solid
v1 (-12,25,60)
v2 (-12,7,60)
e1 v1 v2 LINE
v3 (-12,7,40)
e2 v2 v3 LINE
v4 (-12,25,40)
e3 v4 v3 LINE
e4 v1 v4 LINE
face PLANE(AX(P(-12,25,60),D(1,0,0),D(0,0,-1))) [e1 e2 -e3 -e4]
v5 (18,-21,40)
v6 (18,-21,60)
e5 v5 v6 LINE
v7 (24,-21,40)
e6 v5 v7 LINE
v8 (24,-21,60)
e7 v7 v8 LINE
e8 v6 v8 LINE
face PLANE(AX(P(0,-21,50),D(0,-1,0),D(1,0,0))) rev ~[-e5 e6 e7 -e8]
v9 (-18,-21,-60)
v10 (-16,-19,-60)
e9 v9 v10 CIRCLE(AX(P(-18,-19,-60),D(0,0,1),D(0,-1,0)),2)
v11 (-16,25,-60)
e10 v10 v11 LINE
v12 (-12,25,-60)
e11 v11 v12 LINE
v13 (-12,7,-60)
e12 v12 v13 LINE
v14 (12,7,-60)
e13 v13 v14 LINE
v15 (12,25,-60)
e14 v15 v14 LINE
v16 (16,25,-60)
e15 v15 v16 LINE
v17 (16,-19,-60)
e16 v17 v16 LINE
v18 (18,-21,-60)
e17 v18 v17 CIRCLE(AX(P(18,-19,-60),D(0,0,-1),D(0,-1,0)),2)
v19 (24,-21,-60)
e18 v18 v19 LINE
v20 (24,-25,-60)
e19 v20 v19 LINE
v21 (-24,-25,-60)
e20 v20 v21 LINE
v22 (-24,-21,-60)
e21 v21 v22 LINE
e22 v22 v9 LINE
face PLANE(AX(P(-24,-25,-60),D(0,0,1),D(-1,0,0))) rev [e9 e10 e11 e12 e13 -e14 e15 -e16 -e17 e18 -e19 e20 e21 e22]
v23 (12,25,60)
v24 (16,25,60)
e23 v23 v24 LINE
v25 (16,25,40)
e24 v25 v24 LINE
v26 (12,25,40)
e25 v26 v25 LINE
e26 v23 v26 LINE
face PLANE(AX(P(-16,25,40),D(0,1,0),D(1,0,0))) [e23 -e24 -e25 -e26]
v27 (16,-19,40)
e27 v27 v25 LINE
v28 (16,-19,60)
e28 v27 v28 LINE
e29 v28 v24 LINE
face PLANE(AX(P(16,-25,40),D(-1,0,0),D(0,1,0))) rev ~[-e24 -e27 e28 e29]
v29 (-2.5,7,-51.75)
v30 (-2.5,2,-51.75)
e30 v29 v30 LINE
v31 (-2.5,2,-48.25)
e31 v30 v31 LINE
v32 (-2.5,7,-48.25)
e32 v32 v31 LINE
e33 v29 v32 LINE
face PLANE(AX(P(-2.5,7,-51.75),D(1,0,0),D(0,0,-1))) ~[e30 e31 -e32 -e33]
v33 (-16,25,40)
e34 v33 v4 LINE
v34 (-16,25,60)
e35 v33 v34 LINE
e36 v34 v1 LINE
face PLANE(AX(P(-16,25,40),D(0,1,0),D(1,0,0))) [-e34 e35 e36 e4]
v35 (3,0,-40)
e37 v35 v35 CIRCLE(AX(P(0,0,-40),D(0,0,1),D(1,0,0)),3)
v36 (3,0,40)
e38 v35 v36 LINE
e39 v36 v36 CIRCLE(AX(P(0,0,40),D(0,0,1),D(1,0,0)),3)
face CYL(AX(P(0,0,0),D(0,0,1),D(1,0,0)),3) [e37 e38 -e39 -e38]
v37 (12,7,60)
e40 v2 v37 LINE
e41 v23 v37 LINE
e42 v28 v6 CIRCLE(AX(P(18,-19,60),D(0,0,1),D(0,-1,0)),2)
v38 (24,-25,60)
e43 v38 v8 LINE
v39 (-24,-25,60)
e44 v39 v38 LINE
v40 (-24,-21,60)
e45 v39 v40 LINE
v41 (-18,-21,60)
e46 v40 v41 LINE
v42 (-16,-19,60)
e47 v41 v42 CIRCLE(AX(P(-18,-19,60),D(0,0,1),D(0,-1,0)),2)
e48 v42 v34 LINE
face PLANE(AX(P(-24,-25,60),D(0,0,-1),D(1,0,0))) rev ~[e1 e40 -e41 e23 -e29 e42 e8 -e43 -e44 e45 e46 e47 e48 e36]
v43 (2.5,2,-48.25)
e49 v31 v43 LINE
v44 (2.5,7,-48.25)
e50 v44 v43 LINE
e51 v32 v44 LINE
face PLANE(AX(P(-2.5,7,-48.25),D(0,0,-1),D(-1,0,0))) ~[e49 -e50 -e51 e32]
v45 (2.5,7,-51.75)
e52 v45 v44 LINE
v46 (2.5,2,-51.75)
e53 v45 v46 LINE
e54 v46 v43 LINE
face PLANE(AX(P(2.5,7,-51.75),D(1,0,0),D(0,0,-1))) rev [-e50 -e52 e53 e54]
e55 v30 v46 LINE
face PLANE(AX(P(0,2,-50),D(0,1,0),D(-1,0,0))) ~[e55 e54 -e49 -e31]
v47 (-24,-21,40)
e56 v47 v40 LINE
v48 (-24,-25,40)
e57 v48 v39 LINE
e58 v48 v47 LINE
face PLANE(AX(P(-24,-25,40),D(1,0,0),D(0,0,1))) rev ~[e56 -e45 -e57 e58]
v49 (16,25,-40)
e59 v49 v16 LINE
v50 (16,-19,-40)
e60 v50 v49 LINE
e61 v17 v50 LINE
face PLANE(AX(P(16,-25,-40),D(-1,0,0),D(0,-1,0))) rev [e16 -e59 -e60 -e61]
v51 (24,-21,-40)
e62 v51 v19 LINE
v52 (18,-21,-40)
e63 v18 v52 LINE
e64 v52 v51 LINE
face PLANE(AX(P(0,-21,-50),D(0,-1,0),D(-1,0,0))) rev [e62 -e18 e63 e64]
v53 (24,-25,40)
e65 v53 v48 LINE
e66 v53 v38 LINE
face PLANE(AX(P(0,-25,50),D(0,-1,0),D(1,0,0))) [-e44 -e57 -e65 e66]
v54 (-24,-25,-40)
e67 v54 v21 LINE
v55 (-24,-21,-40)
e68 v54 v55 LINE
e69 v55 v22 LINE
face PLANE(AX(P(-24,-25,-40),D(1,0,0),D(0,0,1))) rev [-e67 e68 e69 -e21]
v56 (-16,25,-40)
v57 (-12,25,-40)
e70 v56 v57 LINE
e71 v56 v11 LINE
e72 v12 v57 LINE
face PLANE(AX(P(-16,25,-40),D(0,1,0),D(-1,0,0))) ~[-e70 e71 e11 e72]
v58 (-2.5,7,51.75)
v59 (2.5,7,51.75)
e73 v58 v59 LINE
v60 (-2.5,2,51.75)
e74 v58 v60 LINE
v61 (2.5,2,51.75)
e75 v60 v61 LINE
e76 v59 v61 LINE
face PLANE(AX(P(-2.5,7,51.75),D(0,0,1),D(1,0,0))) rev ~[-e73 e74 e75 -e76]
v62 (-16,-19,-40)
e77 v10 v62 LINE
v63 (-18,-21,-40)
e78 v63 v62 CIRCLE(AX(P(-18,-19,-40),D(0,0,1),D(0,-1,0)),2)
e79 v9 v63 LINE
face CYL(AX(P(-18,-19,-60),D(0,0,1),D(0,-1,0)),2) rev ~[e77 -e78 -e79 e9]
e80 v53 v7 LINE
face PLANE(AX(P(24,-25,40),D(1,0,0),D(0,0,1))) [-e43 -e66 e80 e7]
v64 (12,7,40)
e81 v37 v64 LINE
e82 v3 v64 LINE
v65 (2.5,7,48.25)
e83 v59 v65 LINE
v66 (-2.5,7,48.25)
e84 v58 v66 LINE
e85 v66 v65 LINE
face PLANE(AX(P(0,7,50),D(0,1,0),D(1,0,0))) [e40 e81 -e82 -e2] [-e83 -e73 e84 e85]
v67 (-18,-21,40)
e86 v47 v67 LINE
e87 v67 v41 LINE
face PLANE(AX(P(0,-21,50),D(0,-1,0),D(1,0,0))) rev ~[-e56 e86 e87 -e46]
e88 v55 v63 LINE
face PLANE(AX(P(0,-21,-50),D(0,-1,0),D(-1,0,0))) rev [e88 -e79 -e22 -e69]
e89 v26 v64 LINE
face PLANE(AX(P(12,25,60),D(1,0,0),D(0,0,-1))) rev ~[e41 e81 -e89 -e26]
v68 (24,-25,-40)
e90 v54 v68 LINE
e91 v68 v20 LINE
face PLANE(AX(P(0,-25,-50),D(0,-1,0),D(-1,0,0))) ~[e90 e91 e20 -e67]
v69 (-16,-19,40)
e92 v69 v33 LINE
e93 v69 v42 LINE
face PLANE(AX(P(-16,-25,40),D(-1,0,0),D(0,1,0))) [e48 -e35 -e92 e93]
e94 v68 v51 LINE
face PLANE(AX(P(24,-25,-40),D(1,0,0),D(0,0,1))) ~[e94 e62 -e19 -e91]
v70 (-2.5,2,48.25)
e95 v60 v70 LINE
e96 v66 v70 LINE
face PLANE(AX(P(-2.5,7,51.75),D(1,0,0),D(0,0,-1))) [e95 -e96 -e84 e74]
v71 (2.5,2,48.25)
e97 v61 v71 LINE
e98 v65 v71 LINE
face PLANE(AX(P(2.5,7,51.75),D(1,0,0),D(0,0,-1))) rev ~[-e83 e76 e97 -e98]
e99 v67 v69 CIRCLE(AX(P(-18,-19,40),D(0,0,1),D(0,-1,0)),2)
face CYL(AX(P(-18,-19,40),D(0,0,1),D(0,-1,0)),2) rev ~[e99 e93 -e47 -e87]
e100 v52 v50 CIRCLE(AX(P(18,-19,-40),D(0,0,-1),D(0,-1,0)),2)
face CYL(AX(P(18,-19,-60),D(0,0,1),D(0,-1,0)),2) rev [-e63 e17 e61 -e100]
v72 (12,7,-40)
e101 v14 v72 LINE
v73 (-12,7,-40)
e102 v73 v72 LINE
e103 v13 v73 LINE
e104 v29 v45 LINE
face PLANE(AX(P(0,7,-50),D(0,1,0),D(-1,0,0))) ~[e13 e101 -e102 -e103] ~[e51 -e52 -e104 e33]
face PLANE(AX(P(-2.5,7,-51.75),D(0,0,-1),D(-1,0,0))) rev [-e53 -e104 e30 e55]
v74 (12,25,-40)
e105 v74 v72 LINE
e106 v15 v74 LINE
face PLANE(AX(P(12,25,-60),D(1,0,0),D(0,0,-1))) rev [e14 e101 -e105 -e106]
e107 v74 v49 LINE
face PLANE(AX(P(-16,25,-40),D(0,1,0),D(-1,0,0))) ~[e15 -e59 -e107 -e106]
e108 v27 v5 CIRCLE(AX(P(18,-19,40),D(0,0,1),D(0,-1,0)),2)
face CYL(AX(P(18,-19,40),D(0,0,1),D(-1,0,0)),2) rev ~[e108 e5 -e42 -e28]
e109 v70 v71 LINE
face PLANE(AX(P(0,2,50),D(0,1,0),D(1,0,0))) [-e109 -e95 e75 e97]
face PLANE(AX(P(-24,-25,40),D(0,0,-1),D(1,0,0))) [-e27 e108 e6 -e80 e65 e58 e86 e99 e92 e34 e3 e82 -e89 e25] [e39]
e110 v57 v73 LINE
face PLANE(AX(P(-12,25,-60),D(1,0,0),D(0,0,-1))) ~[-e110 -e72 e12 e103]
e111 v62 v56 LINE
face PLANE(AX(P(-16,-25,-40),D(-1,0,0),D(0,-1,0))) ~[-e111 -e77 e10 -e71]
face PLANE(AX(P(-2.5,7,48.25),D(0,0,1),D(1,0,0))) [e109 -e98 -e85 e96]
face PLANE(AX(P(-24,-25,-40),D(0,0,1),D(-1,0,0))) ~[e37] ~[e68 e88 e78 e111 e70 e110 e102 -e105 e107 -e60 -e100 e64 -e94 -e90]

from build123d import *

# Parameters (mm, degrees)
SKETCH1_R            = 3
BOSS_EXTRUDE1_DEPTH  = 40
SKETCH2_W            = 32
SKETCH2_H            = 50
BOSS_EXTRUDE2_DEPTH  = 20
SKETCH9_W            = 48
SKETCH9_H            = 20
BOSS_EXTRUDE5_DEPTH  = 4
FILLET1_R            = 2
SKETCH10_W           = 24
SKETCH10_H           = 20
CUT_EXTRUDE2_DEPTH   = 18
SKETCH11_W           = 5
SKETCH11_H           = 3.5
CUT_EXTRUDE3_DEPTH   = 5
FILLET1_OF_MIRROR5_R = 2


with BuildPart() as part:
    # Sketch1 → Boss-Extrude1 (new, symmetric)
    with BuildSketch(Plane.XY):
        Circle(SKETCH1_R)
    extrude(amount=BOSS_EXTRUDE1_DEPTH, both=True)

    # Sketch2 → Boss-Extrude2 (add)
    with BuildSketch(Plane.XY.offset(40)):
        Rectangle(SKETCH2_W, SKETCH2_H)
    boss_extrude2 = extrude(amount=BOSS_EXTRUDE2_DEPTH)

    # Sketch9 → Boss-Extrude5 (add)
    with BuildSketch(Plane.XZ.offset(25)):
        with Locations((0, 50)):
            Rectangle(SKETCH9_W, SKETCH9_H)
    boss_extrude5 = extrude(amount=-BOSS_EXTRUDE5_DEPTH)

    # Fillet1
    fillet1_edges = [part.edges().sort_by_distance(p)[0] for p in [
        (-16, -21, 50),
        (16, -21, 50),
    ]]
    fillet(fillet1_edges, radius=FILLET1_R)

    # Sketch10 → Cut-Extrude2 (cut)
    with BuildSketch(Plane(origin=(0, 25, 0), x_dir=(1, 0, 0), z_dir=(0, 1, 0))):
        with Locations((0, -50)):
            Rectangle(SKETCH10_W, SKETCH10_H)
    cut_extrude2 = extrude(amount=-CUT_EXTRUDE2_DEPTH, mode=Mode.SUBTRACT)

    # Sketch11 → Cut-Extrude3 (cut)
    with BuildSketch(Plane(origin=(0, 7, 0), x_dir=(1, 0, 0), z_dir=(0, 1, 0))):
        with Locations((0, -50)):
            Rectangle(SKETCH11_W, SKETCH11_H)
    cut_extrude3 = extrude(amount=-CUT_EXTRUDE3_DEPTH, mode=Mode.SUBTRACT)

    # Mirror5: Boss-Extrude2, Boss-Extrude5, Cut-Extrude2, Cut-Extrude3 across plane
    add(boss_extrude2.mirror(Plane.XY))
    add(boss_extrude5.mirror(Plane.XY))
    add(cut_extrude2.mirror(Plane.XY), mode=Mode.SUBTRACT)
    add(cut_extrude3.mirror(Plane.XY), mode=Mode.SUBTRACT)

    # Fillet1 of Mirror5
    fillet1_of_mirror5_edges = [part.edges().sort_by_distance(p)[0] for p in [
        (-16, -21, -50),
        (16, -21, -50),
    ]]
    fillet(fillet1_of_mirror5_edges, radius=FILLET1_OF_MIRROR5_R)


solid = part.part
